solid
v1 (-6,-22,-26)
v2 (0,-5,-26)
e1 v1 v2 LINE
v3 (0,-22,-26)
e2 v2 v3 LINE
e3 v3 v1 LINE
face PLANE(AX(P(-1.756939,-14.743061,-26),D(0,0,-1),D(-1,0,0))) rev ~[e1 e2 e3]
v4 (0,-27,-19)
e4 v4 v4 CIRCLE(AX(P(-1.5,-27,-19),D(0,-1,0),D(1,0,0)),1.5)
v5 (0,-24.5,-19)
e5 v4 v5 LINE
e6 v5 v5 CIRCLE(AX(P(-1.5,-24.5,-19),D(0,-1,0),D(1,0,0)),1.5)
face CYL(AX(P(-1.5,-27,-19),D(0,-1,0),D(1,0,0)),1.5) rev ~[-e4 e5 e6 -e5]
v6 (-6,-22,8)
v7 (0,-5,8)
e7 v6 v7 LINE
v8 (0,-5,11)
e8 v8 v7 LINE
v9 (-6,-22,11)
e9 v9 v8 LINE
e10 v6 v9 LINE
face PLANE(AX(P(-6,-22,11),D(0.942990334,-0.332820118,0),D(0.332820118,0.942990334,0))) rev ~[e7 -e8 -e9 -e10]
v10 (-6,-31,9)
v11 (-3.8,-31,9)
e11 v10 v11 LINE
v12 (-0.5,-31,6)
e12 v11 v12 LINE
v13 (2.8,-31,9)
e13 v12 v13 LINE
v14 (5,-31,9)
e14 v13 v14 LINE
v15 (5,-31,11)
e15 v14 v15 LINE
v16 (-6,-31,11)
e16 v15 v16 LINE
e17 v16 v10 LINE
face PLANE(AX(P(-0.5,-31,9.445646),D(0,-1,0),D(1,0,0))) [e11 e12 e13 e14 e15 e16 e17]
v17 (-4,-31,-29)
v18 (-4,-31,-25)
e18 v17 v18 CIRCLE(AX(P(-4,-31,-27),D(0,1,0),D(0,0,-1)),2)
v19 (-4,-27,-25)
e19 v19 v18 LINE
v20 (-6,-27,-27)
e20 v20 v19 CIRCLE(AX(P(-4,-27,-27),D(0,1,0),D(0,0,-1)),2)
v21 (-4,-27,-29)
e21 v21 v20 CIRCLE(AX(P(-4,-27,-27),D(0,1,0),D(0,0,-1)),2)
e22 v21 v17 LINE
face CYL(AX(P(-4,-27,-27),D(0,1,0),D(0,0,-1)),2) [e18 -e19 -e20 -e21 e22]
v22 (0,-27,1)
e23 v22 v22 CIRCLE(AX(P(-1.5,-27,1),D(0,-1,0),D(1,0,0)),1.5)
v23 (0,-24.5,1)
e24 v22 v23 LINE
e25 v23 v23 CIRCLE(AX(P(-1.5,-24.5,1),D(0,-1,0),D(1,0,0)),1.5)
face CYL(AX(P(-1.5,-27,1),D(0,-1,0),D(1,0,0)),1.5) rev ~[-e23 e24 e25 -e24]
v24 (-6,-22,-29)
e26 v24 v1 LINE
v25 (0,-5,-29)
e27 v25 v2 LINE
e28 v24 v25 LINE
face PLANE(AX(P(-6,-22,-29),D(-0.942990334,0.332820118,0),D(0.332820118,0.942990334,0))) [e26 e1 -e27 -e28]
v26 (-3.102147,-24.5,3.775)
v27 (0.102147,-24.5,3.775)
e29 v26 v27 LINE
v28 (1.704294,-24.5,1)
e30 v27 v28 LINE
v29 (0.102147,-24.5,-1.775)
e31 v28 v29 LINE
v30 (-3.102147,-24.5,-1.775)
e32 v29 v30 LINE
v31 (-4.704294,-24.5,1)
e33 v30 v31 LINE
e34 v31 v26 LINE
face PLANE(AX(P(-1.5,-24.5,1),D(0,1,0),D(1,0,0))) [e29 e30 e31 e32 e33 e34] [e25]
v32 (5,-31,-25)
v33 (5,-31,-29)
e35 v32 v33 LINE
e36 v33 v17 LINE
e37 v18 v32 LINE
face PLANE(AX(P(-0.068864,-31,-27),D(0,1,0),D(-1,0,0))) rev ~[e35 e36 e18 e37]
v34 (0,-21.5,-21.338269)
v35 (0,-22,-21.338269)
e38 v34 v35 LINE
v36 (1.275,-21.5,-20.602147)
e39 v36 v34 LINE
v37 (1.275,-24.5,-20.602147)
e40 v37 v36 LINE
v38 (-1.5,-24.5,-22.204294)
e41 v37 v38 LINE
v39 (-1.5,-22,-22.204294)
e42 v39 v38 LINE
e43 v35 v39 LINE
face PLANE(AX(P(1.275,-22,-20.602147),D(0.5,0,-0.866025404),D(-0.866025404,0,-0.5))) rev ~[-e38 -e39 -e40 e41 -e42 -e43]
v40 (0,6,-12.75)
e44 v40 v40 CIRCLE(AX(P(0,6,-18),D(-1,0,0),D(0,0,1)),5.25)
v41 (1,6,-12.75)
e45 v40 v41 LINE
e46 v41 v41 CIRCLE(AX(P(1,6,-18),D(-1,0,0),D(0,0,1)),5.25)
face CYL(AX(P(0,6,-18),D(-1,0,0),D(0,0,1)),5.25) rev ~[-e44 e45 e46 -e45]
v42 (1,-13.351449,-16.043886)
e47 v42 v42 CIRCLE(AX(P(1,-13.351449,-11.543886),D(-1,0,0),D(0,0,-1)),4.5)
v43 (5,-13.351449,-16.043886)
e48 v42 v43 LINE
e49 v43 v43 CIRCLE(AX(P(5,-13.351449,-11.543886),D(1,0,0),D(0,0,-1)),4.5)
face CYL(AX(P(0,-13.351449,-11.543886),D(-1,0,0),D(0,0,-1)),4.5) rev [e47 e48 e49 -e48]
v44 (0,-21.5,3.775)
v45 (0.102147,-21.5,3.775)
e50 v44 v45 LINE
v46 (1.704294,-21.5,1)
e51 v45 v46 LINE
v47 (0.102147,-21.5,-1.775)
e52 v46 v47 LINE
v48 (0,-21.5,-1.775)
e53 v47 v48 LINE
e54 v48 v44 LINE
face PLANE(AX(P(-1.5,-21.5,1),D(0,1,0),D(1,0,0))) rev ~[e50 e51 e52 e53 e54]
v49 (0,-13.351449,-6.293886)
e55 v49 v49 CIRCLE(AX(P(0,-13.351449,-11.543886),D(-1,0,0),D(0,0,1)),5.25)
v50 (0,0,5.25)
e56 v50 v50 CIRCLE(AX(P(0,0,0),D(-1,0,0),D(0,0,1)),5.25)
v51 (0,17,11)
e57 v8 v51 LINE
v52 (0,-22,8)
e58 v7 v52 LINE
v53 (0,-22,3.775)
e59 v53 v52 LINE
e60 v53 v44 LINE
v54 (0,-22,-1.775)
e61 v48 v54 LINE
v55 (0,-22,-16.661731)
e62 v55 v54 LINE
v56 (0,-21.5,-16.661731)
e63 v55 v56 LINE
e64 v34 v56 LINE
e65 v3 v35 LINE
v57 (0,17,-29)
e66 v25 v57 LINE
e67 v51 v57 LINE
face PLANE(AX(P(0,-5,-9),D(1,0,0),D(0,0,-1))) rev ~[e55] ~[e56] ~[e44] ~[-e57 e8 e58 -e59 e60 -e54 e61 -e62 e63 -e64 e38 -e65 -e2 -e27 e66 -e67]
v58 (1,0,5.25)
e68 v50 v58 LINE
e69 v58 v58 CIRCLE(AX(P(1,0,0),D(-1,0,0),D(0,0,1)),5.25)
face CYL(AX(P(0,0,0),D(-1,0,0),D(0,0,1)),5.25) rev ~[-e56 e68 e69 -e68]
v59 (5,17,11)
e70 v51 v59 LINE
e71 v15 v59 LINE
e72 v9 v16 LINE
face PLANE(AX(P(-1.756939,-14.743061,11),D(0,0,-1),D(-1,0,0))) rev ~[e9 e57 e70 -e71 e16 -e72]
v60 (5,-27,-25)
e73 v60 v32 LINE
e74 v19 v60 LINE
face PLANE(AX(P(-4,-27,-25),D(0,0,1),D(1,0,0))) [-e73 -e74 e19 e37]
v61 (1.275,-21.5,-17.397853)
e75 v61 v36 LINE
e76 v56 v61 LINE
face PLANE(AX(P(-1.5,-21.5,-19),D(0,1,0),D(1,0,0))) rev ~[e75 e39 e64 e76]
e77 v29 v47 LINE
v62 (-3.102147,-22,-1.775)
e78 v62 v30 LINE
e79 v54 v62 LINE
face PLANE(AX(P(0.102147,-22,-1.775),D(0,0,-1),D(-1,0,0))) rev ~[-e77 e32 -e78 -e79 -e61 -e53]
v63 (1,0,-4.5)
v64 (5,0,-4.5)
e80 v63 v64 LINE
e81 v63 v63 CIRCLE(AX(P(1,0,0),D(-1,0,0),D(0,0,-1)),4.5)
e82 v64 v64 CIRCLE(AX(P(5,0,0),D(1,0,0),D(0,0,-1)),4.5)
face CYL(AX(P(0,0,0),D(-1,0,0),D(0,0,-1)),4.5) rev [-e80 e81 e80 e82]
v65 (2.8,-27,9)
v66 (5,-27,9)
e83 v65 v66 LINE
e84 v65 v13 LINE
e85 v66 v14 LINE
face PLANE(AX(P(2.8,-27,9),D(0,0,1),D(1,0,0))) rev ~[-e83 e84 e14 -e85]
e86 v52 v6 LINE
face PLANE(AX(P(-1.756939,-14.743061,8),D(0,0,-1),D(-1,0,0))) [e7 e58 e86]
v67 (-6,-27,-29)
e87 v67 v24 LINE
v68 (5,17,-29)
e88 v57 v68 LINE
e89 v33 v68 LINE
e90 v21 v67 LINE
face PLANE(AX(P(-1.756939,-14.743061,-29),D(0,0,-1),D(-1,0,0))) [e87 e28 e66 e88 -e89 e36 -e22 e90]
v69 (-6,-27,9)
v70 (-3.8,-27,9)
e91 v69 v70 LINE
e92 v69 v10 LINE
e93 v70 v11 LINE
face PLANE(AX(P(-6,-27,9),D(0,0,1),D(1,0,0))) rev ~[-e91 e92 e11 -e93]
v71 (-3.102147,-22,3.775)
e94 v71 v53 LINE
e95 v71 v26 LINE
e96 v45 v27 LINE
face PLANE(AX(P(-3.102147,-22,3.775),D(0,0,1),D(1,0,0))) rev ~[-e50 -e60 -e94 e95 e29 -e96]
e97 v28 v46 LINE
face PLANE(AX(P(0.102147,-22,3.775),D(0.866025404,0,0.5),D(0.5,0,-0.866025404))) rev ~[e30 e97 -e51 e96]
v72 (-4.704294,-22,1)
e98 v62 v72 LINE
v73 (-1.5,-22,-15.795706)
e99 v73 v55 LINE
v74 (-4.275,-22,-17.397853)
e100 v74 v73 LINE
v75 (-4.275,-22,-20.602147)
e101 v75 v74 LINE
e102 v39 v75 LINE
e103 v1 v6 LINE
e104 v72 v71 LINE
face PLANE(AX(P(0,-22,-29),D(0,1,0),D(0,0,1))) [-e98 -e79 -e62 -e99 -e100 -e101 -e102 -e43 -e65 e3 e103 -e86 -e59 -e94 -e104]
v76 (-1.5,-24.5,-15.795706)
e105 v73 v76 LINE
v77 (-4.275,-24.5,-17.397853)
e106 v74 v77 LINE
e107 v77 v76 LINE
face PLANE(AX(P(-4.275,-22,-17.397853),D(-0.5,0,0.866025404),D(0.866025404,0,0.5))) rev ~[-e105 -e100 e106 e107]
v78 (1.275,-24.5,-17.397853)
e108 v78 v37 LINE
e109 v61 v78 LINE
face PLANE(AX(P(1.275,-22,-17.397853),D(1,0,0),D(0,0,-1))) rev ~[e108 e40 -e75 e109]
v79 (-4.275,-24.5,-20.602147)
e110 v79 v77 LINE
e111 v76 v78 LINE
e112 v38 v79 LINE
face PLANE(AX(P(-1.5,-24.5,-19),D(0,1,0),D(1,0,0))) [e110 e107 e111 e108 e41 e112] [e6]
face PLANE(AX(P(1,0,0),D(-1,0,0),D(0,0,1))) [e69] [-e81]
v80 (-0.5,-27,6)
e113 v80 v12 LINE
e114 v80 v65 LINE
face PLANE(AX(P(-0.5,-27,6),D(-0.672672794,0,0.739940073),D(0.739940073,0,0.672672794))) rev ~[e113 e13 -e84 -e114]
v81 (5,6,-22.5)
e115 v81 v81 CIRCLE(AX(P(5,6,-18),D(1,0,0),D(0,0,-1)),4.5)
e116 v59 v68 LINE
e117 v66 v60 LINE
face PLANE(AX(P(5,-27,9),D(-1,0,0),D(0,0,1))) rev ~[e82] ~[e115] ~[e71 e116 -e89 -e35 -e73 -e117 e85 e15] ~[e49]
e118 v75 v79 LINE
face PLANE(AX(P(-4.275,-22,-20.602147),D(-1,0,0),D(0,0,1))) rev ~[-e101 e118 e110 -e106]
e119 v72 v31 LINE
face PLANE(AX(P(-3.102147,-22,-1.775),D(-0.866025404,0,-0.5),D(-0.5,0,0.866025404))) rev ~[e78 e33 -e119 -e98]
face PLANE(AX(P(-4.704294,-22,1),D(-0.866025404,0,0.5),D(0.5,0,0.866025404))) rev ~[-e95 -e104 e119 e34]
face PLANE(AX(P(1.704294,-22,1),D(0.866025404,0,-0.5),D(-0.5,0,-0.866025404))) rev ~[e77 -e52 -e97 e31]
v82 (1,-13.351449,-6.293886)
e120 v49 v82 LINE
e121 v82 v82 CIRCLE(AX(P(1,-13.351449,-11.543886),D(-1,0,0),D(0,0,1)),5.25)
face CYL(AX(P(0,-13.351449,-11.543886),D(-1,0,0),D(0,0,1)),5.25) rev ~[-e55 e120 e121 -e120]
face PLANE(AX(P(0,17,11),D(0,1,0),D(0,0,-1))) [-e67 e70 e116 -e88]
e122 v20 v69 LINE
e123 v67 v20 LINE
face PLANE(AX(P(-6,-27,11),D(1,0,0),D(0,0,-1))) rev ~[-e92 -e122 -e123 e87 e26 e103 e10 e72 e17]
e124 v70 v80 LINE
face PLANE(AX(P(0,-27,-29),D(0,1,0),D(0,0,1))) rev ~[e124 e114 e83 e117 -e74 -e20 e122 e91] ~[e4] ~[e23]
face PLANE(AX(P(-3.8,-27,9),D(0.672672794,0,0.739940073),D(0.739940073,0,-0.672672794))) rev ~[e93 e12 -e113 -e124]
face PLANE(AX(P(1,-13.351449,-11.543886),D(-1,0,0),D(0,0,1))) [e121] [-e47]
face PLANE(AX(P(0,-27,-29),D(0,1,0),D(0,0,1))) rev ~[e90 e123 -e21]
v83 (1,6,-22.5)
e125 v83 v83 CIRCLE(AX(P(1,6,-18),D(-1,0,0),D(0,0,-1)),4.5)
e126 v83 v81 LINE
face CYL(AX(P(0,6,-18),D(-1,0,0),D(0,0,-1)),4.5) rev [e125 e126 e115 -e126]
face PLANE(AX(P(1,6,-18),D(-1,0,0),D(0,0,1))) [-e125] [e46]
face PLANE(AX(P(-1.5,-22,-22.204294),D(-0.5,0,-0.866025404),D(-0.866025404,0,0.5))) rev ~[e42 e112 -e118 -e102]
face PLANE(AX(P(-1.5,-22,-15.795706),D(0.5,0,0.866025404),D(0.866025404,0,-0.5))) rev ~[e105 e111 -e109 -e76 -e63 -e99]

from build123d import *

# Parameters (mm, degrees)
SKETCH_1_W               = 40
SKETCH_1_H               = 44
SKETCH_1_R               = 4.5
EXTRUDE_1_DEPTH          = 5
SKETCH_2_R               = 5.25
CUT_EXTRUDE_1_DEPTH      = 1
SKETCH_3_W               = 40
SKETCH_3_H               = 5
EXTRUDE_2_DEPTH          = 6
EXTRUDE_3_DEPTH          = 4
SKETCH_5_R               = 1.5
CUT_EXTRUDE_2_DEPTH      = 5
CUT_EXTRUDE_3_DEPTH      = 0.5
CUT_EXTRUDE_3_DEPTH_BACK = 2.5
EXTRUDE_4_DEPTH          = 3
EXTRUDE_5_DEPTH          = 3


with BuildPart() as part:
    # 草图1 → 凸台-拉伸1 (new body)
    with BuildSketch(Plane(origin=(0, 0, 0), x_dir=(0, 0, -1), z_dir=(1, 0, 0))):
        with Locations((9, -5)):
            Rectangle(SKETCH_1_W, SKETCH_1_H)
        Circle(SKETCH_1_R, mode=Mode.SUBTRACT)
        with Locations((18, 6)):
            Circle(SKETCH_1_R, mode=Mode.SUBTRACT)
        with Locations((11.543885882, -13.351449313)):
            Circle(SKETCH_1_R, mode=Mode.SUBTRACT)
    extrude(amount=EXTRUDE_1_DEPTH)

    # 草图2 → 切除-拉伸1 (cut)
    with BuildSketch(Plane.ZY):
        with Locations((-18, 6)):
            Circle(SKETCH_2_R)
        Circle(SKETCH_2_R)
        with Locations((-11.543885882, -13.351449313)):
            Circle(SKETCH_2_R)
    extrude(amount=-CUT_EXTRUDE_1_DEPTH, mode=Mode.SUBTRACT)

    # 草图3 → 凸台-拉伸2 (add)
    with BuildSketch(Plane.ZY):
        with Locations((-9, -24.5)):
            Rectangle(SKETCH_3_W, SKETCH_3_H)
    extrude(amount=EXTRUDE_2_DEPTH)

    # 草图4 → 凸台-拉伸3 (add)
    with BuildSketch(Plane.XZ.offset(27)):
        Polygon((5, 11), (-6, 11), (-6, 9), (-3.8, 9), (-0.5, 6), (2.8, 9), (5, 9), align=None)
        with BuildLine():
            Line((5, -29), (-4, -29))
            ThreePointArc((-4, -29), (-6, -27), (-4, -25))
            Line((-4, -25), (5, -25))
            Line((5, -25), (5, -29))
        make_face()
    extrude(amount=EXTRUDE_3_DEPTH)

    # 草图5 → 切除-拉伸2 (cut)
    with BuildSketch(Plane.XZ.offset(27)):
        with Locations((-1.5, -19)):
            Circle(SKETCH_5_R)
        with Locations((-1.5, 1)):
            Circle(SKETCH_5_R)
    extrude(amount=-CUT_EXTRUDE_2_DEPTH, mode=Mode.SUBTRACT)

    # 草图6 → 切除-拉伸3 (cut, two sides)
    with BuildSketch(Plane(origin=(0, -22, 0), x_dir=(1, 0, 0), z_dir=(0, 1, 0))) as cut_extrude_3_sk:
        Polygon((-1.5, 15.795706006), (1.275, 17.397853003), (1.275, 20.602146997), (-1.5, 22.204293994), (-4.275, 20.602146997), (-4.275, 17.397853003), align=None)
        Polygon((-4.704293994, -1), (-3.102146997, -3.775), (0.102146997, -3.775), (1.704293994, -1), (0.102146997, 1.775), (-3.102146997, 1.775), align=None)
    extrude(amount=CUT_EXTRUDE_3_DEPTH, mode=Mode.SUBTRACT)
    extrude(cut_extrude_3_sk.sketch, amount=-CUT_EXTRUDE_3_DEPTH_BACK, mode=Mode.SUBTRACT)

    # 草图7 → 凸台-拉伸4 (add)
    with BuildSketch(Plane.XY.offset(11)):
        Polygon((0, -22), (-6, -22), (0, -5), align=None)
    extrude(amount=-EXTRUDE_4_DEPTH)

    # 草图8 → 凸台-拉伸5 (add)
    with BuildSketch(Plane(origin=(0, 0, -29), x_dir=(-1, 0, 0), z_dir=(0, 0, -1))):
        Polygon((0, -22), (6, -22), (0, -5), align=None)
    extrude(amount=-EXTRUDE_5_DEPTH)


solid = part.part
